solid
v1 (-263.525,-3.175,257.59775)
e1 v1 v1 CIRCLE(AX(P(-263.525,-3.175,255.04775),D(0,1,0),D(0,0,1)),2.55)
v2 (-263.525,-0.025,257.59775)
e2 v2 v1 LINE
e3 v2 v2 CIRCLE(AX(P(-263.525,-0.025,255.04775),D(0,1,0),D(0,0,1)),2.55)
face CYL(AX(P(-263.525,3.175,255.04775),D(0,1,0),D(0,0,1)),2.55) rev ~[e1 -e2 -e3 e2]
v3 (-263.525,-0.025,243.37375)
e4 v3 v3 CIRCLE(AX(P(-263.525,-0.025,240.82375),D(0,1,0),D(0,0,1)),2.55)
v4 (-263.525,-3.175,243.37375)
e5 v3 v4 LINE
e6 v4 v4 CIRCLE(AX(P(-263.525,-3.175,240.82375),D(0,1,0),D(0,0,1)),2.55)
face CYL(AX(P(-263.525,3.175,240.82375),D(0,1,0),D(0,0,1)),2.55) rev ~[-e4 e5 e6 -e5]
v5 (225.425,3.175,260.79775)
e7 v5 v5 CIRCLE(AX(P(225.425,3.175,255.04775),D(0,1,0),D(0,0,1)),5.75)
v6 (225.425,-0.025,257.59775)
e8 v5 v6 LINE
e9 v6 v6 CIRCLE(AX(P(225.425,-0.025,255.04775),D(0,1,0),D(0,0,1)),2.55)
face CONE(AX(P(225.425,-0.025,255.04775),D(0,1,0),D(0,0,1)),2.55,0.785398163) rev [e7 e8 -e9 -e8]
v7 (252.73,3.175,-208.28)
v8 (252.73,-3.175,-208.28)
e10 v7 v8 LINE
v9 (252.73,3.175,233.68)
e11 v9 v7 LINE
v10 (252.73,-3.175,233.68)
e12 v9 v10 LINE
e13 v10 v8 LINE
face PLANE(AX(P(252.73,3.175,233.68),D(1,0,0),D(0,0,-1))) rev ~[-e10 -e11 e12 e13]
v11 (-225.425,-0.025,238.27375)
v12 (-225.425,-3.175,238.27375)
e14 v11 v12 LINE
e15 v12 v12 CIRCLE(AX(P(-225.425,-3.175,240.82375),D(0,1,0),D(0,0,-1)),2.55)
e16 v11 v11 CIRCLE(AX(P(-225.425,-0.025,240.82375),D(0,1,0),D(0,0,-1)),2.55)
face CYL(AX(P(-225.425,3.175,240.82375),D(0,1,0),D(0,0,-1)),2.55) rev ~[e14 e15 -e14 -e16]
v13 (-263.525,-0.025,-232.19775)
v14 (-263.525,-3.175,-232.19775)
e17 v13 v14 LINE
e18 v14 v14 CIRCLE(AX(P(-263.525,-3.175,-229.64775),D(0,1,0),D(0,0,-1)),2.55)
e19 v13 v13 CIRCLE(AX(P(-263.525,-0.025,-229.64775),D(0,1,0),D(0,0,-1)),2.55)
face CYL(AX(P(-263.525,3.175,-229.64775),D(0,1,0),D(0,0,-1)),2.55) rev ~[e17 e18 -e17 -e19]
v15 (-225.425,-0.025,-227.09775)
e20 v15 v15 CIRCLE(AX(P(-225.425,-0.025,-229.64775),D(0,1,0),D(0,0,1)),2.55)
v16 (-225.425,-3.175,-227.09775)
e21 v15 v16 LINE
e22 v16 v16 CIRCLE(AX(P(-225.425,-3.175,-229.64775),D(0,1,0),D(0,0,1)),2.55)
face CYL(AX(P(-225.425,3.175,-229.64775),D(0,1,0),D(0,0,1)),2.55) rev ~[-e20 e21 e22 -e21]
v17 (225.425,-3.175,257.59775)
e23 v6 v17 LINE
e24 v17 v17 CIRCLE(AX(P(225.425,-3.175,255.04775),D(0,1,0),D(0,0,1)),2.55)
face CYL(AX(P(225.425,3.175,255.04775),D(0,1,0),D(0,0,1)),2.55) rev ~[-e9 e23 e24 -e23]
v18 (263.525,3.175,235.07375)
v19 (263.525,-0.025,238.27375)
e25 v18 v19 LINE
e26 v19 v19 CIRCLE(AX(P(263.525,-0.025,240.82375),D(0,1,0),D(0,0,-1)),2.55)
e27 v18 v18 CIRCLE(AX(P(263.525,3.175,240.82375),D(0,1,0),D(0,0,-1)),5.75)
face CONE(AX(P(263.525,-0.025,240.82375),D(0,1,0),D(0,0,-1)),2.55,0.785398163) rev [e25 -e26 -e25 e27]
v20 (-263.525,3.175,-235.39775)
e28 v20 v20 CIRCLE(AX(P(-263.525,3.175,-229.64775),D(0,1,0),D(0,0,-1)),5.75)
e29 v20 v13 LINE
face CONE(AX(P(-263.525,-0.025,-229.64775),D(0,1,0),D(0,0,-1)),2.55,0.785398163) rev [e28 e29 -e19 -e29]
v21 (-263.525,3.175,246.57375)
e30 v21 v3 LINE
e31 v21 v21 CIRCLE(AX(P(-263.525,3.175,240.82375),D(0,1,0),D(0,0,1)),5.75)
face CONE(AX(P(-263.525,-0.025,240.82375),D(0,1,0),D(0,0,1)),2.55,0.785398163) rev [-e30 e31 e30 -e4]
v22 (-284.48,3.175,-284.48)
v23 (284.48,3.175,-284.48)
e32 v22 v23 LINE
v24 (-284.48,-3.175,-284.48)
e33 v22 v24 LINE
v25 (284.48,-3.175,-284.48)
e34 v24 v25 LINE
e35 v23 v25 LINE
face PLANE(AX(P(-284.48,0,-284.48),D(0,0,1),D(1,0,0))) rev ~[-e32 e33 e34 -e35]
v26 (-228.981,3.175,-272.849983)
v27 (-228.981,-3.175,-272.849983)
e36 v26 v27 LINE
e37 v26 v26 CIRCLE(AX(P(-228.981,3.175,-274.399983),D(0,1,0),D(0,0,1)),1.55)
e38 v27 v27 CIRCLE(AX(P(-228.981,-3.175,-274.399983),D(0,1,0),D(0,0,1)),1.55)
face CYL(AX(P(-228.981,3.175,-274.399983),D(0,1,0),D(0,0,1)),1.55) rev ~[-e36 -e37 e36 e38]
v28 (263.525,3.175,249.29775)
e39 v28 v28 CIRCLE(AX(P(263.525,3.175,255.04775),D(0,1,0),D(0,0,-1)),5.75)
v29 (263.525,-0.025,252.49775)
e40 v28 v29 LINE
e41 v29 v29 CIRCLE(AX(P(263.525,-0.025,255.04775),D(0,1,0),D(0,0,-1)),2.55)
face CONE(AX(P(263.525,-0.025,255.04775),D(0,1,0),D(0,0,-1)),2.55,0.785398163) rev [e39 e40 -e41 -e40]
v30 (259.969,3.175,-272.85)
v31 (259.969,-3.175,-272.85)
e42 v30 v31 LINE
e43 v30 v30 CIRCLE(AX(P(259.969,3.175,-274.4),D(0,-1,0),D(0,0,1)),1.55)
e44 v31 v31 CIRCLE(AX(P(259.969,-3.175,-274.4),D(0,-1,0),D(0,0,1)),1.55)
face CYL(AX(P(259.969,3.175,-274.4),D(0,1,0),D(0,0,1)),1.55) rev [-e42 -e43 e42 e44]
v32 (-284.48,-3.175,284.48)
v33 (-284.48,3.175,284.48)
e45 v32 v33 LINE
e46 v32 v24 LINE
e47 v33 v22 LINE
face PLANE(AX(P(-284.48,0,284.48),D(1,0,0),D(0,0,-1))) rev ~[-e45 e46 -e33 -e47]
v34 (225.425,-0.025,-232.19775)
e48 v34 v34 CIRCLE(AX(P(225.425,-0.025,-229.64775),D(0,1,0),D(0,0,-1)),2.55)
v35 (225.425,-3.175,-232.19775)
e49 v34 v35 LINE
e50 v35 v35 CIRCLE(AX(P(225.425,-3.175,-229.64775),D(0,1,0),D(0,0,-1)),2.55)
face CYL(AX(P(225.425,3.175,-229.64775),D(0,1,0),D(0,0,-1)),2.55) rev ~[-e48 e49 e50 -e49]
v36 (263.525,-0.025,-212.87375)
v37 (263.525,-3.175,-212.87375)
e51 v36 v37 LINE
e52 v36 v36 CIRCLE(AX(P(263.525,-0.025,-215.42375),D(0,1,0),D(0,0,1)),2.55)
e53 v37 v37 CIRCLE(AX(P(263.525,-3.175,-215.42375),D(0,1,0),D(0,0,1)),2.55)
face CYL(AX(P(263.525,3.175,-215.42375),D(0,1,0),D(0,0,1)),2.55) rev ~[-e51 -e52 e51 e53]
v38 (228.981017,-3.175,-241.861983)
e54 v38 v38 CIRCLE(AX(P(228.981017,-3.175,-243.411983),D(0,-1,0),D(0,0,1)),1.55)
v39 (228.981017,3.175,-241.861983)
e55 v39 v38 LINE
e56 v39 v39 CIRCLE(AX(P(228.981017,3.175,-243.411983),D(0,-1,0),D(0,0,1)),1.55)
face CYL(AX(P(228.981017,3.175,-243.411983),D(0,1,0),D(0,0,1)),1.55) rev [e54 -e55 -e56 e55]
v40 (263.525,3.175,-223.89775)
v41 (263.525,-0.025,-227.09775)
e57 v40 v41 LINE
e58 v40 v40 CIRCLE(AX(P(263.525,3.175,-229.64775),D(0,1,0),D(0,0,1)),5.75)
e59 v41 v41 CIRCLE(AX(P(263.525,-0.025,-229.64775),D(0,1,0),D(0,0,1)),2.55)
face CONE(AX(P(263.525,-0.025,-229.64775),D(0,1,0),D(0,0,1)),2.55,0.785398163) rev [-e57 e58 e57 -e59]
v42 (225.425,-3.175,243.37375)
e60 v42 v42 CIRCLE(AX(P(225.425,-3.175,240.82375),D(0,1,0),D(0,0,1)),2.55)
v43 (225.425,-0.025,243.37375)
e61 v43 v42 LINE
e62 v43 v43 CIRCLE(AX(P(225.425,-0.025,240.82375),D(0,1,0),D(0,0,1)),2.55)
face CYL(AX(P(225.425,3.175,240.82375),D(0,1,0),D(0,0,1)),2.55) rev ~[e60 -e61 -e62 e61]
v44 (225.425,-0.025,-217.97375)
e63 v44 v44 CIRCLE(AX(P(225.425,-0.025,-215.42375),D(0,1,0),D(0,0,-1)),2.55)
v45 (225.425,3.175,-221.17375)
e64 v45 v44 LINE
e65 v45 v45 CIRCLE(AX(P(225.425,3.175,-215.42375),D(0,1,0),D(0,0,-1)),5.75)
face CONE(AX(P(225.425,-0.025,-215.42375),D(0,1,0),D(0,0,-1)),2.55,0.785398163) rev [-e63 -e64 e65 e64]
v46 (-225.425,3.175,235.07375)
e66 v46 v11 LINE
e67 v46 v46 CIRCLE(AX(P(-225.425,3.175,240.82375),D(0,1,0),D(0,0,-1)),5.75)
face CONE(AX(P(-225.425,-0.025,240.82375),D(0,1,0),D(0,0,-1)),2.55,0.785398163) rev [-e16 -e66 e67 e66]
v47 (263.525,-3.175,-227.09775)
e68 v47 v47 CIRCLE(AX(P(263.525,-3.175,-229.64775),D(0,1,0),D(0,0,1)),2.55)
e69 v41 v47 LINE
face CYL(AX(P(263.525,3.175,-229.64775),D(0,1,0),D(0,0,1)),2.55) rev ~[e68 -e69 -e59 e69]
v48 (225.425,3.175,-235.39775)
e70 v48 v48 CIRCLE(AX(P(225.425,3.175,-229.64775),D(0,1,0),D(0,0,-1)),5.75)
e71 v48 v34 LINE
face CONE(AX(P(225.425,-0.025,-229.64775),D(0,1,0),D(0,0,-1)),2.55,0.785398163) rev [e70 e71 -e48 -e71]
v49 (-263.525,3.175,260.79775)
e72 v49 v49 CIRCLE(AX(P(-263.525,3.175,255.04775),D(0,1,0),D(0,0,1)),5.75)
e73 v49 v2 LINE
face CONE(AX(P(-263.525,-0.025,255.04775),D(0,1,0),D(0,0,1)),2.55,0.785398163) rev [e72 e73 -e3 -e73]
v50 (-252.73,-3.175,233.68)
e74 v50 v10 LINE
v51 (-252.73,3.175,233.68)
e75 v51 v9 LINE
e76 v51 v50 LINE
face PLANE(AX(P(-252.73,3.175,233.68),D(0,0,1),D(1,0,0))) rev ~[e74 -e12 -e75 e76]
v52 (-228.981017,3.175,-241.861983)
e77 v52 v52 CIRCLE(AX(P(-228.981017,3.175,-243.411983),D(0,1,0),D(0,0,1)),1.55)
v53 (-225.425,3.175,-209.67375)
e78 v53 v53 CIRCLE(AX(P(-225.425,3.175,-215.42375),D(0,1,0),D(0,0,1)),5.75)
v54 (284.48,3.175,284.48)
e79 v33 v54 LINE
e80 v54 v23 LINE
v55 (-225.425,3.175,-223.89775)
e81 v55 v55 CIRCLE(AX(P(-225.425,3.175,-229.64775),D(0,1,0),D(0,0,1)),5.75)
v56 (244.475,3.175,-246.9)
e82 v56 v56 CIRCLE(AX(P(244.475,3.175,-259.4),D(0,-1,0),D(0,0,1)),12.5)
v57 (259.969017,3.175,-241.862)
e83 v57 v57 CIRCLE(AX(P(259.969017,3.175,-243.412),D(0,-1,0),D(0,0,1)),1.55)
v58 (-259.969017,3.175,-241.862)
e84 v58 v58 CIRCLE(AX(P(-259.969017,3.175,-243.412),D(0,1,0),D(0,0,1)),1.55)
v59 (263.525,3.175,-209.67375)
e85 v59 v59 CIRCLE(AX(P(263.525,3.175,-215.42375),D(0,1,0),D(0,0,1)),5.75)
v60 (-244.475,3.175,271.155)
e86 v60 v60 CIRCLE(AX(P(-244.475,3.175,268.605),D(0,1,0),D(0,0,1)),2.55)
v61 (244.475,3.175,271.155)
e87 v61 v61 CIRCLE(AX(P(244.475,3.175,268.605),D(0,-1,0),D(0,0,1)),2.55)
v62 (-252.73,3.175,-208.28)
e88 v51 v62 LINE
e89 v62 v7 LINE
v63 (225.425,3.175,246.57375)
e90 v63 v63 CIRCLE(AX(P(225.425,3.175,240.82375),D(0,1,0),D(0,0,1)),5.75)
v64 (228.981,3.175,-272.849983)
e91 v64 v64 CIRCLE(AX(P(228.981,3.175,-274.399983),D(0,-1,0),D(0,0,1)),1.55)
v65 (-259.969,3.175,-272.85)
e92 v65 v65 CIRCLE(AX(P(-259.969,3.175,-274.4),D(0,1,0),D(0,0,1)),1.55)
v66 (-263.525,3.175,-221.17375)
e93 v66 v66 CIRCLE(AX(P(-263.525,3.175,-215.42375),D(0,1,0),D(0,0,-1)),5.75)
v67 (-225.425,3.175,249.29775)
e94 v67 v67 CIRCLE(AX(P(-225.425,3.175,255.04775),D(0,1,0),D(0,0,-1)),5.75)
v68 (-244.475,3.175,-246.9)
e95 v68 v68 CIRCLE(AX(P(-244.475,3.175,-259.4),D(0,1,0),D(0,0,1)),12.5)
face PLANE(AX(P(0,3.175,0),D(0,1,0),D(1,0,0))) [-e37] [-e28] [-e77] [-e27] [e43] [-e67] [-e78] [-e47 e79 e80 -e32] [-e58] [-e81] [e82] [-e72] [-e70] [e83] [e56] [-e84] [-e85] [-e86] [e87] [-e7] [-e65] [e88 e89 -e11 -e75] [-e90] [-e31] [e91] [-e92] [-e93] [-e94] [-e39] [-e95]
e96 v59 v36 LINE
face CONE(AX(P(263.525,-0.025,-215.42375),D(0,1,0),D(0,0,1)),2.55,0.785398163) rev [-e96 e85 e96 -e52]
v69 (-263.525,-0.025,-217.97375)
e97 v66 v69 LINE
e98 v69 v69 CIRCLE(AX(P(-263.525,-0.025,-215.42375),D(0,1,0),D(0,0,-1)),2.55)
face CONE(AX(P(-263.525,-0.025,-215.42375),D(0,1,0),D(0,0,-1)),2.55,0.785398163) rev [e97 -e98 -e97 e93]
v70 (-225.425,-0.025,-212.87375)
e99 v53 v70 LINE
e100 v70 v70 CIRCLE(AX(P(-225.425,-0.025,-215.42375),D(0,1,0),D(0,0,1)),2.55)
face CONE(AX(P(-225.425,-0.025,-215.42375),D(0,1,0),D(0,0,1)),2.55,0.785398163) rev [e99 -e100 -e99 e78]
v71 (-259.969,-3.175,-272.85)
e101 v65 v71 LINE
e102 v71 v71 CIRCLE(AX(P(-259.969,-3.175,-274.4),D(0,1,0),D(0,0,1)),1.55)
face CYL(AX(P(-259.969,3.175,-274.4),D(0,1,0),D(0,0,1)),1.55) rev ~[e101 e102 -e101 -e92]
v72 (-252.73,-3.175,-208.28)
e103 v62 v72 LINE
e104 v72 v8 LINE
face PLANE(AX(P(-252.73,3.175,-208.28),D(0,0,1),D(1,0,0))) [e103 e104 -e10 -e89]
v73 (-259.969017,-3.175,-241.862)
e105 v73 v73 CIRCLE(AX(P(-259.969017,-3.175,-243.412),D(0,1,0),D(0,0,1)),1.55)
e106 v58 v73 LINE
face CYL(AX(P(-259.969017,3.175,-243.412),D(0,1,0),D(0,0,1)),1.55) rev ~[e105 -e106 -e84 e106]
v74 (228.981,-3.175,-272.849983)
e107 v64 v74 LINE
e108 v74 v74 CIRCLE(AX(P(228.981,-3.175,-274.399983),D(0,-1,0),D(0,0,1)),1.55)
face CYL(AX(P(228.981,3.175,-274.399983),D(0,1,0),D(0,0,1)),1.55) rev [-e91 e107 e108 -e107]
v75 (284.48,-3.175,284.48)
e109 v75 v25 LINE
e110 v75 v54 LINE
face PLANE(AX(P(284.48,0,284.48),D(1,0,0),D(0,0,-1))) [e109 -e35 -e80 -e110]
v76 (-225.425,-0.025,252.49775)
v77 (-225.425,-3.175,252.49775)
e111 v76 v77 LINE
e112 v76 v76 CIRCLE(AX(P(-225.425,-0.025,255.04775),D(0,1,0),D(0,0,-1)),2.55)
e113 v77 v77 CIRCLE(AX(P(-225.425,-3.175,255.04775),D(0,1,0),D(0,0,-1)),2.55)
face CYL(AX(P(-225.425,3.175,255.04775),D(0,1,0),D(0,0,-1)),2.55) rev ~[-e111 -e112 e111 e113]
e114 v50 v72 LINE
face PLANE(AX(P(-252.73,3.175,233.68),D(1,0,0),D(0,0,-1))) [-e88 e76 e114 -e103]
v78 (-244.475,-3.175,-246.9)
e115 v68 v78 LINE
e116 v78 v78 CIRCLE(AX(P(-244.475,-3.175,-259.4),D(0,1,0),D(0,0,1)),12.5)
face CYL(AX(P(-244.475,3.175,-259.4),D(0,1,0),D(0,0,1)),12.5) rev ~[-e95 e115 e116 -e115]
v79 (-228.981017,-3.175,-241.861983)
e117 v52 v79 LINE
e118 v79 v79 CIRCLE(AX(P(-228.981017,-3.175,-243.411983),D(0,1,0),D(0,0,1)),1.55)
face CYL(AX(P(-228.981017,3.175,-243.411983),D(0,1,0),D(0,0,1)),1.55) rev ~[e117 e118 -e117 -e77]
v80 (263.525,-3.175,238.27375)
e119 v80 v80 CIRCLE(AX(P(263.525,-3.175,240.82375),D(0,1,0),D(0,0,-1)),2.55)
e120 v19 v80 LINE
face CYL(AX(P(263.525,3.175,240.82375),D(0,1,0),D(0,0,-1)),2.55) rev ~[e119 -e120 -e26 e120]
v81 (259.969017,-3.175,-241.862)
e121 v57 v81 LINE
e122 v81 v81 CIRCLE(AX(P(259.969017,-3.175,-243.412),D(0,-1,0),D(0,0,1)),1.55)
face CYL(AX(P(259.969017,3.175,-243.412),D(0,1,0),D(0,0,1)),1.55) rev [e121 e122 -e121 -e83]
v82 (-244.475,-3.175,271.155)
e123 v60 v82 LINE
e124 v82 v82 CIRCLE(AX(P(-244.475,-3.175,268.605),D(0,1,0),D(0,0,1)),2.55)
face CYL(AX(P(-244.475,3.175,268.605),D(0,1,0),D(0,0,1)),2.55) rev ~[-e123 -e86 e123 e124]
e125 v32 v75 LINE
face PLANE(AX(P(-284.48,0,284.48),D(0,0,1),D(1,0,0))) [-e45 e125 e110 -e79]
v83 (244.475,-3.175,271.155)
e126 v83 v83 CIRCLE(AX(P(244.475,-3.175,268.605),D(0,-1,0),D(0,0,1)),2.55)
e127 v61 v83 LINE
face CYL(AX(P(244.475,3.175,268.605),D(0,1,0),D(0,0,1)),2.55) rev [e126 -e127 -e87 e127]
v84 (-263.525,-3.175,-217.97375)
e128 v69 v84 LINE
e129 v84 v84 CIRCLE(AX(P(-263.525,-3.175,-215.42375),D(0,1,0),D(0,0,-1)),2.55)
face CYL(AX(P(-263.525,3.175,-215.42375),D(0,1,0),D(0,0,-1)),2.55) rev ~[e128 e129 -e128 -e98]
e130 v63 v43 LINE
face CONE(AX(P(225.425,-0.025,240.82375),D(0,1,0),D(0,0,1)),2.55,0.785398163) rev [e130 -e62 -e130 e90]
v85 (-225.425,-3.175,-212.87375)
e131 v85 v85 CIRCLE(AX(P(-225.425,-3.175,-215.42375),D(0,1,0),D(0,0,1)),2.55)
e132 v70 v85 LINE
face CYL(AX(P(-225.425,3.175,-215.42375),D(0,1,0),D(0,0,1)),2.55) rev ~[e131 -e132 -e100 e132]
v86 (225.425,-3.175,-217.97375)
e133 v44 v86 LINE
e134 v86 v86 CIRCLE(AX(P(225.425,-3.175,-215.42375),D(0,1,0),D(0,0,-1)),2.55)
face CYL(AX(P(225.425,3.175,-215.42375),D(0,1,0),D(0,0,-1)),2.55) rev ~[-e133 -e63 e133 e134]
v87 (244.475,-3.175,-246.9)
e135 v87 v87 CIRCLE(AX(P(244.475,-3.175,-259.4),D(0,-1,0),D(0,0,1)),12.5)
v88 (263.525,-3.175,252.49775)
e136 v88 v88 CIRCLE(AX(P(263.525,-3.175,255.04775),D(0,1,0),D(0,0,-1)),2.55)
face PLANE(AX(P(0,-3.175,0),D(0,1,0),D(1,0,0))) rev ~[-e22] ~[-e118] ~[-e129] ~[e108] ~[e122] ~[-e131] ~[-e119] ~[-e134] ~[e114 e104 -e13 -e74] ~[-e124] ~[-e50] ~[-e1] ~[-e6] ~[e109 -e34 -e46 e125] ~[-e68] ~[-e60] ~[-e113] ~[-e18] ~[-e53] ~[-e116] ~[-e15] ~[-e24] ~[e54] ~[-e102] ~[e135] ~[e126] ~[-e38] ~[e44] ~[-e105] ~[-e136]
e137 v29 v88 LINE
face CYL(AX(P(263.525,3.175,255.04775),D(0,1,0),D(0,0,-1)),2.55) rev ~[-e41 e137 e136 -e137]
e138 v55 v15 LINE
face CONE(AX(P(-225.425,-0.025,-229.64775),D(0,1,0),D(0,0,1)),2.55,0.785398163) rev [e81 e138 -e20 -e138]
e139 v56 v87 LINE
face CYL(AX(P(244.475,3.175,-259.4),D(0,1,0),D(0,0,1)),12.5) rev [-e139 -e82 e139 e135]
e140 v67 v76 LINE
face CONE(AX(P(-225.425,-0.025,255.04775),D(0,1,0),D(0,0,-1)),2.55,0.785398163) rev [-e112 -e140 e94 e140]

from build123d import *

# Parameters (mm, degrees)
SKETCH1_W           = 568.96
SKETCH1_H           = 568.96
BOSS_EXTRUDE1_DEPTH = 3.175
SKETCH3_R           = 12.5
SKETCH3_R_2         = 1.55
SKETCH3_R_3         = 2.55
CUT_EXTRUDE2_DEPTH  = 6.35
SKETCH4_R           = 2.55
SKETCH4_W           = 505.46
SKETCH4_H           = 441.96
CUT_EXTRUDE4_DEPTH  = 6.35
CHAMFER1_SIZE       = 3.2


with BuildPart() as part:
    # Sketch1 → Boss-Extrude1 (new, symmetric)
    with BuildSketch(Plane(origin=(0, 0, 0), x_dir=(1, 0, 0), z_dir=(0, 1, 0))):
        Rectangle(SKETCH1_W, SKETCH1_H)
    extrude(amount=BOSS_EXTRUDE1_DEPTH, both=True)

    # Sketch3 → Cut-Extrude2 (cut)
    with BuildSketch(Plane(origin=(0, 3.175, 0), x_dir=(1, 0, 0), z_dir=(0, 1, 0))):
        with Locations(Location((-244.475, 259.4, 0), (0, 0, 270))):
            Circle(SKETCH3_R)
        with Locations(Location((-259.969, 274.4, 0), (0, 0, 270))):
            Circle(SKETCH3_R_2)
        with Locations(Location((-228.981, 274.399982938, 0), (0, 0, 270))):
            Circle(SKETCH3_R_2)
        with Locations(Location((-228.981017062, 243.411982938, 0), (0, 0, 270))):
            Circle(SKETCH3_R_2)
        with Locations(Location((-259.969017062, 243.412, 0), (0, 0, 270))):
            Circle(SKETCH3_R_2)
        with Locations(Location((-244.475, -268.605, 0), (0, 0, 270))):
            Circle(SKETCH3_R_3)
    cut_extrude2 = extrude(amount=-CUT_EXTRUDE2_DEPTH, mode=Mode.SUBTRACT)

    # Mirror2: Cut-Extrude2 across plane
    add(cut_extrude2.mirror(Plane(origin=(0, 0, 0), x_dir=(0, 0, 1), z_dir=(1, 0, 0))), mode=Mode.SUBTRACT)

    # Sketch4 → Cut-Extrude4 (cut)
    with BuildSketch(Plane(origin=(0, 3.175, 0), x_dir=(1, 0, 0), z_dir=(0, 1, 0))):
        with Locations(Location((-225.425, 215.42375, 0), (0, 0, 270))):
            Circle(SKETCH4_R)
        with Locations(Location((-263.525, 215.42375, 0), (0, 0, 90))):
            Circle(SKETCH4_R)
        with Locations(Location((-263.525, 229.64775, 0), (0, 0, 90))):
            Circle(SKETCH4_R)
        with Locations(Location((-225.425, 229.64775, 0), (0, 0, 270))):
            Circle(SKETCH4_R)
        with Locations(Location((263.525, 229.64775, 0), (0, 0, 270))):
            Circle(SKETCH4_R)
        with Locations(Location((263.525, 215.42375, 0), (0, 0, 270))):
            Circle(SKETCH4_R)
        with Locations(Location((225.425, 215.42375, 0), (0, 0, 90))):
            Circle(SKETCH4_R)
        with Locations(Location((225.425, 229.64775, 0), (0, 0, 90))):
            Circle(SKETCH4_R)
        with Locations(Location((225.425, -240.82375, 0), (0, 0, 270))):
            Circle(SKETCH4_R)
        with Locations(Location((225.425, -255.04775, 0), (0, 0, 270))):
            Circle(SKETCH4_R)
        with Locations(Location((263.525, -240.82375, 0), (0, 0, 90))):
            Circle(SKETCH4_R)
        with Locations(Location((263.525, -255.04775, 0), (0, 0, 90))):
            Circle(SKETCH4_R)
        with Locations(Location((-225.425, -240.82375, 0), (0, 0, 90))):
            Circle(SKETCH4_R)
        with Locations(Location((-263.525, -240.82375, 0), (0, 0, 270))):
            Circle(SKETCH4_R)
        with Locations(Location((-225.425, -255.04775, 0), (0, 0, 90))):
            Circle(SKETCH4_R)
        with Locations(Location((-263.525, -255.04775, 0), (0, 0, 270))):
            Circle(SKETCH4_R)
        with Locations((0, -12.7)):
            Rectangle(SKETCH4_W, SKETCH4_H)
    extrude(amount=-CUT_EXTRUDE4_DEPTH, mode=Mode.SUBTRACT)

    # Chamfer1
    chamfer1_edges = [part.edges().sort_by_distance(p)[0] for p in [
        (225.425, 3.175, -212.87375),
        (225.425, 3.175, -227.09775),
        (225.425, 3.175, 238.27375),
        (225.425, 3.175, 252.49775),
        (263.525, 3.175, 243.37375),
        (263.525, 3.175, 257.59775),
        (-225.425, 3.175, 243.37375),
        (-263.525, 3.175, 238.27375),
        (-225.425, 3.175, 257.59775),
        (-263.525, 3.175, 252.49775),
        (-225.425, 3.175, -217.97375),
        (-263.525, 3.175, -212.87375),
        (-225.425, 3.175, -232.19775),
        (-263.525, 3.175, -227.09775),
        (263.525, 3.175, -232.19775),
        (263.525, 3.175, -217.97375),
    ]]
    chamfer(chamfer1_edges, length=CHAMFER1_SIZE)


solid = part.part
